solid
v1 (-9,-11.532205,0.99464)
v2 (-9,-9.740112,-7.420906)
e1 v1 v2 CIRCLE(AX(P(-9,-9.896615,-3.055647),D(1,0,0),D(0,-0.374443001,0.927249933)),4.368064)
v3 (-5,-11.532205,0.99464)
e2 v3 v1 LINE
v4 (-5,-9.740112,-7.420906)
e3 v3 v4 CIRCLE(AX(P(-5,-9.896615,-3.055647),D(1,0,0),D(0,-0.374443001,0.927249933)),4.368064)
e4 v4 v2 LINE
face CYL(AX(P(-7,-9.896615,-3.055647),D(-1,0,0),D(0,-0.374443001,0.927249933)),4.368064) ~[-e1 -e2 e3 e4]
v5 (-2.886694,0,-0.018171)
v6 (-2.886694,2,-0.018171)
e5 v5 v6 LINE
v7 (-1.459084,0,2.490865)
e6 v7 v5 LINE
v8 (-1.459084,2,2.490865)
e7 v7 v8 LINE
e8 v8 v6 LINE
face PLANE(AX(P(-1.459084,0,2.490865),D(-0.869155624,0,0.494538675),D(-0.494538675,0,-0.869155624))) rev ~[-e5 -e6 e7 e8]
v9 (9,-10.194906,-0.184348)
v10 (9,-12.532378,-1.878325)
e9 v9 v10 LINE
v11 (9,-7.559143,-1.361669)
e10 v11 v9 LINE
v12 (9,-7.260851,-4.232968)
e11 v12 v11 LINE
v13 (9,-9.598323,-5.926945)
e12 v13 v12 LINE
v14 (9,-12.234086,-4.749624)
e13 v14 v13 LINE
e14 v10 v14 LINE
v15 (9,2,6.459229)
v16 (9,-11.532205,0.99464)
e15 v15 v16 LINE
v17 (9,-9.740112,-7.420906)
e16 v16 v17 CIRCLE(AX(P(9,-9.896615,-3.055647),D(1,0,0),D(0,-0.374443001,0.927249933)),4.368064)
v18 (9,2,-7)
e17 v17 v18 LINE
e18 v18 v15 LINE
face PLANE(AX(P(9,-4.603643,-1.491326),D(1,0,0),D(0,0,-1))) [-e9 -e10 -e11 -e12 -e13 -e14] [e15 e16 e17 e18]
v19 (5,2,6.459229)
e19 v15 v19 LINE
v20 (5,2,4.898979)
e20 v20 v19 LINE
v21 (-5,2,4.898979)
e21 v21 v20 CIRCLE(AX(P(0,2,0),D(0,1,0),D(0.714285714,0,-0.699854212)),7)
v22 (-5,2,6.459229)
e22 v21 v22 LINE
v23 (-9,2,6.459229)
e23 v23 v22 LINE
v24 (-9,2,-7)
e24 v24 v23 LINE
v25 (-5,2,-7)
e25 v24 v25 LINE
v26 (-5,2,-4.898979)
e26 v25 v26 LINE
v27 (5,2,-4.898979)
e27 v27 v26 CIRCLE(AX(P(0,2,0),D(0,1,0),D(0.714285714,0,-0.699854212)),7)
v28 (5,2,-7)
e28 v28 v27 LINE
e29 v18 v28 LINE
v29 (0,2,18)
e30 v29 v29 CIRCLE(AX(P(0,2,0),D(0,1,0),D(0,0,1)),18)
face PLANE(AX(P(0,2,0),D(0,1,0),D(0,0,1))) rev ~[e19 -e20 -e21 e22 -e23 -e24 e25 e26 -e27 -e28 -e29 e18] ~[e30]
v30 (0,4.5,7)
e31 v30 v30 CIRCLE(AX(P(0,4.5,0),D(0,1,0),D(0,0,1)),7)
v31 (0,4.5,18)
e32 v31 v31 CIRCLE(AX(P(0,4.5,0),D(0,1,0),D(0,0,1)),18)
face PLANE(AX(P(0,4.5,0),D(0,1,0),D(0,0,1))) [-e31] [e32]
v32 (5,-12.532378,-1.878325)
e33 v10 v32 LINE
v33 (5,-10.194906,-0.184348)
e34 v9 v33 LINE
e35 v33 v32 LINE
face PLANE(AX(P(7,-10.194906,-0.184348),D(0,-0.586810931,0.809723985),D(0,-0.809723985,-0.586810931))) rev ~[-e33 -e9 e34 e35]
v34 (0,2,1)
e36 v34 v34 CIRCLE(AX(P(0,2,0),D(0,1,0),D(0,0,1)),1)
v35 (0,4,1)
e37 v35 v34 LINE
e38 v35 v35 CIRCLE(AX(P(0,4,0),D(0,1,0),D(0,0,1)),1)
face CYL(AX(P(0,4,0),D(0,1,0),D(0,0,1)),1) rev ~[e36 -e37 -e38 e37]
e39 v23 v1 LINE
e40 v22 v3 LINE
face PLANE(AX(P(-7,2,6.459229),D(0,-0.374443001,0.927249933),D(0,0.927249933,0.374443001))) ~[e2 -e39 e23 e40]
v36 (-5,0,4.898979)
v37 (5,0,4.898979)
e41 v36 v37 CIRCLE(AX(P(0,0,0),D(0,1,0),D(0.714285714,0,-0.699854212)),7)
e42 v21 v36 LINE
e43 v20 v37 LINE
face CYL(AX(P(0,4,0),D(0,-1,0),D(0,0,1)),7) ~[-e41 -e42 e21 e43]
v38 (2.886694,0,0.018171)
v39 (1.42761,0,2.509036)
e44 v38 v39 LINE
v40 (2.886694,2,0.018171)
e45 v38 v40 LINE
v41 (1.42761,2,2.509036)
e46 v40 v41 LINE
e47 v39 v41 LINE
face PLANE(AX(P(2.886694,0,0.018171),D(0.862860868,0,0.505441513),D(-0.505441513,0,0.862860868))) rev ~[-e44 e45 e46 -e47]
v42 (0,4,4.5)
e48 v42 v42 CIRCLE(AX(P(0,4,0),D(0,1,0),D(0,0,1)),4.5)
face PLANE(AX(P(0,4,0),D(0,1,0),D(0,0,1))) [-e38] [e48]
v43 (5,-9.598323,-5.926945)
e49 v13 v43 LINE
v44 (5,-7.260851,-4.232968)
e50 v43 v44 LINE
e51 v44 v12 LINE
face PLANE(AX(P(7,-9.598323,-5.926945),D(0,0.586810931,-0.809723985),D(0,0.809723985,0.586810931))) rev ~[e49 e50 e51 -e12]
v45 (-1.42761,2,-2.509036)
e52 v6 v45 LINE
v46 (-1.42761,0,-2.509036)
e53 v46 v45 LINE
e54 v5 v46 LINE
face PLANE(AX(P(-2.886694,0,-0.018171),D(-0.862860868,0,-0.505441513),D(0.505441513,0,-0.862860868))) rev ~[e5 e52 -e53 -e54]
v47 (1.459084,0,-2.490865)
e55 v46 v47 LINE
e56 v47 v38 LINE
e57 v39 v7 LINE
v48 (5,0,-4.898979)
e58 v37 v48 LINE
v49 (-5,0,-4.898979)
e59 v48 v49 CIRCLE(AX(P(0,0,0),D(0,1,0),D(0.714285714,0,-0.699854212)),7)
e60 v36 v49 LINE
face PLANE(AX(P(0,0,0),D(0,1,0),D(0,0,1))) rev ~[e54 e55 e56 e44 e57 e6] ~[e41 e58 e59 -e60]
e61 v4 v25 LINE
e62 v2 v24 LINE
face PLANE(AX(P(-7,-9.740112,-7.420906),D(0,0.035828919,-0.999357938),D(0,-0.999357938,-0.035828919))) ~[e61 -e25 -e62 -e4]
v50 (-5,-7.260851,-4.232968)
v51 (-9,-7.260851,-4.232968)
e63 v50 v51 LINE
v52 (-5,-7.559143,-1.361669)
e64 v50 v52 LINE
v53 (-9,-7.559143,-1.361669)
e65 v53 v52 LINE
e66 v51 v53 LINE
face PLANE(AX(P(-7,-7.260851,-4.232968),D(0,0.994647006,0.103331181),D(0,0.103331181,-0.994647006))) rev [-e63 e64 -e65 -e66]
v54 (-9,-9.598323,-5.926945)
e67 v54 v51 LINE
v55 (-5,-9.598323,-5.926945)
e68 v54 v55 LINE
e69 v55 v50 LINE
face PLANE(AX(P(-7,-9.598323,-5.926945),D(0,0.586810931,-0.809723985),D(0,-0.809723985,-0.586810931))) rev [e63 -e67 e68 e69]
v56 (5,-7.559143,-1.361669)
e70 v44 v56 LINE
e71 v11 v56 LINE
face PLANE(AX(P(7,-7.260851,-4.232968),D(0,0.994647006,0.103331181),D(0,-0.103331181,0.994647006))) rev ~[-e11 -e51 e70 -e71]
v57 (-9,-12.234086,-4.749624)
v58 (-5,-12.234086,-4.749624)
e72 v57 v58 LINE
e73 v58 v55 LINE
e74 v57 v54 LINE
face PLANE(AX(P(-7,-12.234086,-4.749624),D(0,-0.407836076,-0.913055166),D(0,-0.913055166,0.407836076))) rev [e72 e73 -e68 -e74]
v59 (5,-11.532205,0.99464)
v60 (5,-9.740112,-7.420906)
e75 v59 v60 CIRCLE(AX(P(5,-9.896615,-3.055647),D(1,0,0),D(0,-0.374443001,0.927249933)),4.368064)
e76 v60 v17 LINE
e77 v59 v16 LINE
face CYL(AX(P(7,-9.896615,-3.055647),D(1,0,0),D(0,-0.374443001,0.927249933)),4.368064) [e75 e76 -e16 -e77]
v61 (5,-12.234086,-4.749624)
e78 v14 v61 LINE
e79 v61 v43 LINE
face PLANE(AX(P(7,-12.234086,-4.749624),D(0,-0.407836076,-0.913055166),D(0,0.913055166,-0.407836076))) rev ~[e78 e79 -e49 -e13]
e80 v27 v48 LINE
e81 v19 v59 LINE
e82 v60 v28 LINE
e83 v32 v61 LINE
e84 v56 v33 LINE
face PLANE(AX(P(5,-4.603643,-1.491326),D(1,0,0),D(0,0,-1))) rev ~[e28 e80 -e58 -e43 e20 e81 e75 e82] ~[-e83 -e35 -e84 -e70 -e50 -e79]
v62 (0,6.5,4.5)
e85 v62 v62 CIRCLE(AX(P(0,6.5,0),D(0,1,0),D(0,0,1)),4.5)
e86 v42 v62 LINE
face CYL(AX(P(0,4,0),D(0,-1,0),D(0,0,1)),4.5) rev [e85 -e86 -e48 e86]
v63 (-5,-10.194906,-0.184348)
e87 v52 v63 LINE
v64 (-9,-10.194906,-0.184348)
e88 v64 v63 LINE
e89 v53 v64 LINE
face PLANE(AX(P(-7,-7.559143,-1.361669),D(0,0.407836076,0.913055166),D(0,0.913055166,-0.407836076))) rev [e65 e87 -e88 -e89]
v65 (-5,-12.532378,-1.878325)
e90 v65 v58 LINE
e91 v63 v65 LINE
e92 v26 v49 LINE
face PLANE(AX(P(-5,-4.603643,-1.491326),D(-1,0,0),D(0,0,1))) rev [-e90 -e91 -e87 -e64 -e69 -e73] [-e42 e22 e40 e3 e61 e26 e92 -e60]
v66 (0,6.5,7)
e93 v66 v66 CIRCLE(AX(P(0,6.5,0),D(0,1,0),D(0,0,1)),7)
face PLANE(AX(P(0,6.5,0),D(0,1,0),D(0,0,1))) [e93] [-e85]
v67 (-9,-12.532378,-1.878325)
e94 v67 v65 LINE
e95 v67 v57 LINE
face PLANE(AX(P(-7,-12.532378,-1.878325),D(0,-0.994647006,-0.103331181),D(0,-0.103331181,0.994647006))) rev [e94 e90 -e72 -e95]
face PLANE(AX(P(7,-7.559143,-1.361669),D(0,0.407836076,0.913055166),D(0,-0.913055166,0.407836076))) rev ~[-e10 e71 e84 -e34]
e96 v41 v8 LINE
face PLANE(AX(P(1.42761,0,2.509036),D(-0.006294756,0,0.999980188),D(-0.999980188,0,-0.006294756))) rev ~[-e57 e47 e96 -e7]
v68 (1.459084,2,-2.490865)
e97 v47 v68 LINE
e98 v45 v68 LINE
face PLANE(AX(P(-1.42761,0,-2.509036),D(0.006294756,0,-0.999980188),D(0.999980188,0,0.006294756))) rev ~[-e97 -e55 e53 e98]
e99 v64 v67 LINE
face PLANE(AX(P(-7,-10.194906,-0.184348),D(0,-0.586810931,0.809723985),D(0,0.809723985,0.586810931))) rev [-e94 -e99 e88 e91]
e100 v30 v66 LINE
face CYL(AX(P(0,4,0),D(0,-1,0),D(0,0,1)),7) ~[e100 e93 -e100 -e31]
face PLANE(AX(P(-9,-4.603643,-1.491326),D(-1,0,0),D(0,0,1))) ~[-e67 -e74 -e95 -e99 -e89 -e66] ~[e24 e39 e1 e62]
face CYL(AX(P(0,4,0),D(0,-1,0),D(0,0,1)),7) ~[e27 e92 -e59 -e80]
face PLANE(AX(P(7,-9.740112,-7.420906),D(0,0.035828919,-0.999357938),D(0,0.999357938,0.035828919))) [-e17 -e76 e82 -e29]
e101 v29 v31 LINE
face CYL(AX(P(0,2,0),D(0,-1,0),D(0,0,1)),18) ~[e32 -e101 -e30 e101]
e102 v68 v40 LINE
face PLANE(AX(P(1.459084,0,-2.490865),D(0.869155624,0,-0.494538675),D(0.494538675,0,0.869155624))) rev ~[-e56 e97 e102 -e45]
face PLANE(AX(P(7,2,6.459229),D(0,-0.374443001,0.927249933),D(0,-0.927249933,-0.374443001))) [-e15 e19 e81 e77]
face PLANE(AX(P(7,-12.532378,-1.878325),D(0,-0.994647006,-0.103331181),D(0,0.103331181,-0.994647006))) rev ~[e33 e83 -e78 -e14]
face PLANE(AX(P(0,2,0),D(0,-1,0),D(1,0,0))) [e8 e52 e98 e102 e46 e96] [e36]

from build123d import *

# Parameters (mm, degrees)
SKETCH_1_R          = 7
EXTRUDE_1_DEPTH     = 4
SKETCH_2_R          = 7
SKETCH_2_R_2        = 4.5
EXTRUDE_2_DEPTH     = 2.5
SKETCH_3_R          = 1
CUT_EXTRUDE_1_DEPTH = 2.5
CUT_EXTRUDE_2_DEPTH = 2
SKETCH_5_R          = 18
SKETCH_5_R_2        = 7
EXTRUDE_3_DEPTH     = 2.5
EXTRUDE_4_DEPTH     = 2


with BuildPart() as part:
    # 草图1 → 凸台-拉伸1 (new body)
    with BuildSketch(Plane(origin=(0, 0, 0), x_dir=(1, 0, 0), z_dir=(0, 1, 0))):
        with Locations(Location((0, 0, 0), (0, 0, 270))):
            Circle(SKETCH_1_R)
    extrude(amount=EXTRUDE_1_DEPTH)

    # 草图2 → 凸台-拉伸2 (add)
    with BuildSketch(Plane(origin=(0, 4, 0), x_dir=(1, 0, 0), z_dir=(0, 1, 0))):
        with Locations(Location((0, 0, 0), (0, 0, 270))):
            Circle(SKETCH_2_R)
        with Locations(Location((0, 0, 0), (0, 0, 270))):
            Circle(SKETCH_2_R_2, mode=Mode.SUBTRACT)
    extrude(amount=EXTRUDE_2_DEPTH)

    # 草图3 → 切除-拉伸1 (cut)
    with BuildSketch(Plane(origin=(0, 4, 0), x_dir=(1, 0, 0), z_dir=(0, 1, 0))):
        with Locations(Location((0, 0, 0), (0, 0, 270))):
            Circle(SKETCH_3_R)
    extrude(amount=-CUT_EXTRUDE_1_DEPTH, mode=Mode.SUBTRACT)

    # 草图4 → 切除-拉伸2 (cut)
    with BuildSketch(Plane.XZ):
        Polygon((1.459083967, -2.490864772), (2.886694153, 0.018171396), (1.427610186, 2.509036167), (-1.459083967, 2.490864772), (-2.886694153, -0.018171396), (-1.427610186, -2.509036167), align=None)
    extrude(amount=-CUT_EXTRUDE_2_DEPTH, mode=Mode.SUBTRACT)

    # 草图5 → 凸台-拉伸3 (add)
    with BuildSketch(Plane(origin=(0, 2, 0), x_dir=(1, 0, 0), z_dir=(0, 1, 0))):
        with Locations(Location((0, 0, 0), (0, 0, 270))):
            Circle(SKETCH_5_R)
        with Locations(Location((0, 0, 0), (0, 0, 270))):
            Circle(SKETCH_5_R_2, mode=Mode.SUBTRACT)
    extrude(amount=EXTRUDE_3_DEPTH)

    # 草图6 → 凸台-拉伸4 (add, symmetric)
    with BuildSketch(Plane(origin=(7, 0, 0), x_dir=(0, 0, -1), z_dir=(1, 0, 0))):
        with BuildLine():
            Line((-6.459228818, 2), (-0.994639994, -11.532205447))
            ThreePointArc((-0.994639994, -11.532205447), (3.965427991, -14.168883056), (7.420905758, -9.740111597))
            Line((7.420905758, -9.740111597), (7, 2))
            Line((7, 2), (-6.459228818, 2))
        make_face()
        Polygon((4.232968046, -7.260851368), (1.361669462, -7.559142793), (0.184348122, -10.194906021), (1.878325366, -12.532377824), (4.74962395, -12.234086399), (5.92694529, -9.598323171), align=None, mode=Mode.SUBTRACT)
    extrude_4 = extrude(amount=EXTRUDE_4_DEPTH, both=True)

    # 镜向1: 凸台-拉伸4 across plane
    add(extrude_4.mirror(Plane(origin=(0, 0, 0), x_dir=(0, 0, 1), z_dir=(1, 0, 0))))


solid = part.part
